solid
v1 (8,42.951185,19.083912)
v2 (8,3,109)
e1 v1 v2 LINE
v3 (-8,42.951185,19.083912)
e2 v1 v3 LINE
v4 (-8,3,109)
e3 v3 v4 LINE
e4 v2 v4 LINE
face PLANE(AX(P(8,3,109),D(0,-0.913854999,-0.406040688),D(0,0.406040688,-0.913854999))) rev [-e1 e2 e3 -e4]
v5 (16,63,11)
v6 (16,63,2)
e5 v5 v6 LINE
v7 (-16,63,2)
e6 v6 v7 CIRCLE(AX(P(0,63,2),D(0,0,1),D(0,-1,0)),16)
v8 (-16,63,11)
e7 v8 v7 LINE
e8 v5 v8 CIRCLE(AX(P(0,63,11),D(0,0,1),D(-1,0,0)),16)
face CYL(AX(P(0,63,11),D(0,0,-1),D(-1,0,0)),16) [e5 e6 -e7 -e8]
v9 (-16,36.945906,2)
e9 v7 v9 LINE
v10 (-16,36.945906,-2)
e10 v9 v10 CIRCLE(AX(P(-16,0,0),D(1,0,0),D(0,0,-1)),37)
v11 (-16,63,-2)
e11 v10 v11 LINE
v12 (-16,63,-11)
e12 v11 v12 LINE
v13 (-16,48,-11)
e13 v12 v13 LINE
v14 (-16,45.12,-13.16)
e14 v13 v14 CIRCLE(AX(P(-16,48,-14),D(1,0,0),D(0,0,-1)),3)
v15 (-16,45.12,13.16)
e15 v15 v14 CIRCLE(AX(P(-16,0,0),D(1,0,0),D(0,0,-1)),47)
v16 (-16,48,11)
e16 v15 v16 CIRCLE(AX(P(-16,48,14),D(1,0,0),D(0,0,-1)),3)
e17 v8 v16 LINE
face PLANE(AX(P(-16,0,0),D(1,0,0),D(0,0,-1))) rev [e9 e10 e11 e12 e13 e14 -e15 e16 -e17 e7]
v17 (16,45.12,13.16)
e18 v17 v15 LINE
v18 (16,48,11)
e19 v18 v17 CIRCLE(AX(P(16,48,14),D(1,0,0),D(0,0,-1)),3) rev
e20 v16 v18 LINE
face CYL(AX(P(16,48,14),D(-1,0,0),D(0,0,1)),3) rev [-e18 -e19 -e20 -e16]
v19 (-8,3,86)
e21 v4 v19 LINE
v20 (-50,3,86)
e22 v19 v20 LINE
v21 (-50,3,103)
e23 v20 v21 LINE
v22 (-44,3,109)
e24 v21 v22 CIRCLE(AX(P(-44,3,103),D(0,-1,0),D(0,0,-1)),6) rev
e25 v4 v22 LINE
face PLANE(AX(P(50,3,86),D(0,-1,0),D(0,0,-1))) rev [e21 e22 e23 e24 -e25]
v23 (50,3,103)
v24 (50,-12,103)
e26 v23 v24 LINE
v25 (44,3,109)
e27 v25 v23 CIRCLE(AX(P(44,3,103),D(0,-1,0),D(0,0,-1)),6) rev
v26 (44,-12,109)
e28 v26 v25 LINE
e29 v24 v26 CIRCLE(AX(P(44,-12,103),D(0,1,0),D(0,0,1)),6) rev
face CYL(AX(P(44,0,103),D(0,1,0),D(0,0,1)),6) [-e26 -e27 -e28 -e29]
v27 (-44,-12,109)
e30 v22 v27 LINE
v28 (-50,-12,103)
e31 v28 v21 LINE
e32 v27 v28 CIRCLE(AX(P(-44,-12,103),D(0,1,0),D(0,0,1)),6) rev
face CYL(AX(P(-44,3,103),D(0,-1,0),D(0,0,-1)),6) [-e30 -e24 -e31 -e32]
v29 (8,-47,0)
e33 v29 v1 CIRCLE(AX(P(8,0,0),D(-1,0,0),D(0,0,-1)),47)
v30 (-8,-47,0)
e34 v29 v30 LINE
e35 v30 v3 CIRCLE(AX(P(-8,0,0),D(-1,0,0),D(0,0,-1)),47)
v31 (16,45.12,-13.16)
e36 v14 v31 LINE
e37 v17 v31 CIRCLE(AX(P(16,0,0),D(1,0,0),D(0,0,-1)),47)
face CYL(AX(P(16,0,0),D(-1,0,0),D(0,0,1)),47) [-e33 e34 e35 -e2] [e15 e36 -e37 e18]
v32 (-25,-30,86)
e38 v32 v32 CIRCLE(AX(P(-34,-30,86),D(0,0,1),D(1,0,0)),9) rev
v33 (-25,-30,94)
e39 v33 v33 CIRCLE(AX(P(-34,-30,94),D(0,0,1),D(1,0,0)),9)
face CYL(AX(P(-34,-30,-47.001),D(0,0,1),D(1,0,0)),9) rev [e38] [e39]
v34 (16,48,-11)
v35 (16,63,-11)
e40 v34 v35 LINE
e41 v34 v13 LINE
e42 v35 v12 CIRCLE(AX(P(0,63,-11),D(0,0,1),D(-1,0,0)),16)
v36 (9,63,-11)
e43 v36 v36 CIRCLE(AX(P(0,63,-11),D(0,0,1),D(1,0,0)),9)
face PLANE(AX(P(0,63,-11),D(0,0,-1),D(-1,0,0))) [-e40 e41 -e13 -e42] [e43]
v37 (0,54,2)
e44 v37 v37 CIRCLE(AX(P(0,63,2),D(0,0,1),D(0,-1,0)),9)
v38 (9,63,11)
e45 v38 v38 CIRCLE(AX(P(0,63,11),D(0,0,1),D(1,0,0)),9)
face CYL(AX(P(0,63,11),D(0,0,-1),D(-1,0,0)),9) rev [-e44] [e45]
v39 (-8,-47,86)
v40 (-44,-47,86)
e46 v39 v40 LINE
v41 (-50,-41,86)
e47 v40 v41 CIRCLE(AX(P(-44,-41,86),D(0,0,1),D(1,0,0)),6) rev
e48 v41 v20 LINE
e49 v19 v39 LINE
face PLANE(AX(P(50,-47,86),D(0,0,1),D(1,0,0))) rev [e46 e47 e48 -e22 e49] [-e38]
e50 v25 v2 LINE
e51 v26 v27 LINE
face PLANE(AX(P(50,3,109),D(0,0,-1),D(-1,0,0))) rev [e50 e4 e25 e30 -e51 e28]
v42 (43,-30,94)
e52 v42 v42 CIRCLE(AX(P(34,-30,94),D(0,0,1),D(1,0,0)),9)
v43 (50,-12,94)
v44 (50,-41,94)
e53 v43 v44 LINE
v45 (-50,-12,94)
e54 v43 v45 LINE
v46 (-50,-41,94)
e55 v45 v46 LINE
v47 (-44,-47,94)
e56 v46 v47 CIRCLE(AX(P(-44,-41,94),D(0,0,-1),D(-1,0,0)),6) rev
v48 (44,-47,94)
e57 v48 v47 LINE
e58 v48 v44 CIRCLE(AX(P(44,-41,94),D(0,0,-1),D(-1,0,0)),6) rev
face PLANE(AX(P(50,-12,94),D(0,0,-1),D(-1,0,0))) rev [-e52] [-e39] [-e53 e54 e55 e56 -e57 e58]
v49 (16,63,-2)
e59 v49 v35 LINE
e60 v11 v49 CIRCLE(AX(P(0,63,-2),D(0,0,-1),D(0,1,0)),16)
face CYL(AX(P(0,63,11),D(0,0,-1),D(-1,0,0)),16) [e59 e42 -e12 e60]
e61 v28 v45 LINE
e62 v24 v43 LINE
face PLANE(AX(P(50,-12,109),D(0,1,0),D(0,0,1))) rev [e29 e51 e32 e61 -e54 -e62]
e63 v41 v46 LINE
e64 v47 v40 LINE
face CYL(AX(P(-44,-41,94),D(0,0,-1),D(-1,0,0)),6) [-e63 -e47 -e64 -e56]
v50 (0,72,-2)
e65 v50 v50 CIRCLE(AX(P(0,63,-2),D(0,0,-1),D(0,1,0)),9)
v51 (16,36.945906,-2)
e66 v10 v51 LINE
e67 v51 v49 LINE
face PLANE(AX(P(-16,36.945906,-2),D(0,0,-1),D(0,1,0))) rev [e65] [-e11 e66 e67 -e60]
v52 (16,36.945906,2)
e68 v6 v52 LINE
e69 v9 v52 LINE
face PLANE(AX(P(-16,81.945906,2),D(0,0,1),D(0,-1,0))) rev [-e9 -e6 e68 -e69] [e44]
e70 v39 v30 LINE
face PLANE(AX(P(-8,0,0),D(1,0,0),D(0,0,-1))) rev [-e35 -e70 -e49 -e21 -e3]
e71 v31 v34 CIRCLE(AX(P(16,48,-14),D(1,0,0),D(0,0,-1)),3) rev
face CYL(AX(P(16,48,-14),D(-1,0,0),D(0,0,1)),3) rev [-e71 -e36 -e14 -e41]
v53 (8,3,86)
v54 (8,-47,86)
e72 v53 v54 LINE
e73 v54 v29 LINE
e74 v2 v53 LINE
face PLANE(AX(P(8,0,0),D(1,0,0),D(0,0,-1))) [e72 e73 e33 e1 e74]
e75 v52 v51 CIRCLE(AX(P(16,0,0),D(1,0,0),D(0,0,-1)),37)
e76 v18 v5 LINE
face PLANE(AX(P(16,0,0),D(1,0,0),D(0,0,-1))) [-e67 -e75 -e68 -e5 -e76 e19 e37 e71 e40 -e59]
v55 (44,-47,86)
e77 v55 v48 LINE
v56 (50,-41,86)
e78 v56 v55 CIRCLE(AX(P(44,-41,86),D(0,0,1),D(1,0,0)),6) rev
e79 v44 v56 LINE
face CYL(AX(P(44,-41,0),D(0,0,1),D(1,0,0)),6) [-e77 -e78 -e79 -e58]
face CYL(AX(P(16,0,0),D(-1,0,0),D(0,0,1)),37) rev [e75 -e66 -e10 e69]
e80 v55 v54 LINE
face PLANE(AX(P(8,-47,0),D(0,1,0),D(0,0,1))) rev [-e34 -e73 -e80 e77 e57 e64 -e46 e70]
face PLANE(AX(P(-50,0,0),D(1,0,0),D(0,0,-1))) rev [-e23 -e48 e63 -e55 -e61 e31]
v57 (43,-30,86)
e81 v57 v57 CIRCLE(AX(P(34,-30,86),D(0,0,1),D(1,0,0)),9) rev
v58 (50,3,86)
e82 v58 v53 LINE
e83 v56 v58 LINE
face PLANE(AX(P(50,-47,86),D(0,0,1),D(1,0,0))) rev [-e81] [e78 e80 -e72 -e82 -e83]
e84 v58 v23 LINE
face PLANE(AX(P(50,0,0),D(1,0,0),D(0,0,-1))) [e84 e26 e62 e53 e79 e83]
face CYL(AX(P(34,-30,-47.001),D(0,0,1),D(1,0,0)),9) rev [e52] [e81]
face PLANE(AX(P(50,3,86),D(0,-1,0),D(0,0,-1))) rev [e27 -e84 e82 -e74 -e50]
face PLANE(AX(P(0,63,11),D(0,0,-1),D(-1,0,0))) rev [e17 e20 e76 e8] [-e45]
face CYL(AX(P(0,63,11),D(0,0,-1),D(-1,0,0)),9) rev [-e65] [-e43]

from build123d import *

# Parameters (mm, degrees)
SKETCH_2_R             = 47
SKETCH_2_R_2           = 37
EXTRUDE_579_DEPTH      = 16
SKETCH_3_R             = 9
EXTRUDE_773_DEPTH      = 11
SKETCH_6_W             = 4
SKETCH_6_H             = 45
CUT_EXTRUDE_1_DEPTH    = 16
FILLET_1_R             = 3
EXTRUDE_1292_DEPTH     = 50
SKETCH_18_R            = 9
CUT_EXTRUDE_1513_DEPTH = 8
FILLET_3_R             = 6
EXTRUDE_1878_DEPTH     = 8


with BuildPart() as part:
    # 草圖2 → Extrude 579 (new, symmetric)
    with BuildSketch(Plane(origin=(0, 0, 0), x_dir=(0, 0, -1), z_dir=(1, 0, 0))):
        Circle(SKETCH_2_R)
        Circle(SKETCH_2_R_2, mode=Mode.SUBTRACT)
    extrude(amount=EXTRUDE_579_DEPTH, both=True)

    # 草圖3 → Extrude 773 (add, symmetric)
    with BuildSketch(Plane.XY):
        with BuildLine():
            Line((16, 37), (-16, 37))
            Line((-16, 37), (-16, 63))
            ThreePointArc((-16, 63), (0, 79), (16, 63))
            Line((16, 63), (16, 37))
        make_face()
        with Locations((0, 63)):
            Circle(SKETCH_3_R, mode=Mode.SUBTRACT)
    extrude(amount=EXTRUDE_773_DEPTH, both=True)

    # 草圖6 → 除料-伸長1 (cut, symmetric)
    with BuildSketch(Plane(origin=(0, 0, 0), x_dir=(0, 0, -1), z_dir=(1, 0, 0))):
        with Locations((0, 59.445906404)):
            Rectangle(SKETCH_6_W, SKETCH_6_H)
    extrude(amount=CUT_EXTRUDE_1_DEPTH, both=True, mode=Mode.SUBTRACT)

    # 圓角1
    fillet_1_edges = [part.edges().sort_by_distance(p)[0] for p in [
        (0, 45.694638635, -11),
        (0, 45.694638635, 11),
    ]]
    fillet(fillet_1_edges, radius=FILLET_1_R)



with BuildPart() as body_2:
    # 草圖14 → Extrude 1292 (new, symmetric)
    with BuildSketch(Plane(origin=(0, 0, 0), x_dir=(0, 0, -1), z_dir=(1, 0, 0))):
        Polygon((-94, -47), (-86, -47), (-86, 3), (-109, 3), (-109, -12), (-94, -12), align=None)
    extrude(amount=EXTRUDE_1292_DEPTH, both=True)

    # 草圖18 → Cut-Extrude 1513 (cut)
    with BuildSketch(Plane.XY.offset(94)):
        with Locations((-34, -30)):
            Circle(SKETCH_18_R)
        with Locations((34, -30)):
            Circle(SKETCH_18_R)
    extrude(amount=-CUT_EXTRUDE_1513_DEPTH, mode=Mode.SUBTRACT)

    # 圓角3
    fillet_3_edges = [body_2.edges().sort_by_distance(p)[0] for p in [
        (50, -4.5, 109),
        (-50, -4.5, 109),
        (50, -47, 90),
        (-50, -47, 90),
    ]]
    fillet(fillet_3_edges, radius=FILLET_3_R)


with BuildPart() as part_1:
    add(part.part)

    add(body_2.part)  # Extrude 1878 merges body 2
    # 草圖20 → Extrude 1878 (add, symmetric)
    with BuildSketch(Plane(origin=(0, 0, 0), x_dir=(0, 0, -1), z_dir=(1, 0, 0))):
        with BuildLine():
            Line((-109, 3), (-19.083912356, 42.951184957))
            ThreePointArc((-19.083912356, 42.951184957), (-45.976655465, -9.754340243), (0, -47))
            Line((0, -47), (-86, -47))
            Line((-86, -47), (-86, 3))
            Line((-86, 3), (-109, 3))
        make_face()
    extrude(amount=EXTRUDE_1878_DEPTH, both=True)


solid = part_1.part
